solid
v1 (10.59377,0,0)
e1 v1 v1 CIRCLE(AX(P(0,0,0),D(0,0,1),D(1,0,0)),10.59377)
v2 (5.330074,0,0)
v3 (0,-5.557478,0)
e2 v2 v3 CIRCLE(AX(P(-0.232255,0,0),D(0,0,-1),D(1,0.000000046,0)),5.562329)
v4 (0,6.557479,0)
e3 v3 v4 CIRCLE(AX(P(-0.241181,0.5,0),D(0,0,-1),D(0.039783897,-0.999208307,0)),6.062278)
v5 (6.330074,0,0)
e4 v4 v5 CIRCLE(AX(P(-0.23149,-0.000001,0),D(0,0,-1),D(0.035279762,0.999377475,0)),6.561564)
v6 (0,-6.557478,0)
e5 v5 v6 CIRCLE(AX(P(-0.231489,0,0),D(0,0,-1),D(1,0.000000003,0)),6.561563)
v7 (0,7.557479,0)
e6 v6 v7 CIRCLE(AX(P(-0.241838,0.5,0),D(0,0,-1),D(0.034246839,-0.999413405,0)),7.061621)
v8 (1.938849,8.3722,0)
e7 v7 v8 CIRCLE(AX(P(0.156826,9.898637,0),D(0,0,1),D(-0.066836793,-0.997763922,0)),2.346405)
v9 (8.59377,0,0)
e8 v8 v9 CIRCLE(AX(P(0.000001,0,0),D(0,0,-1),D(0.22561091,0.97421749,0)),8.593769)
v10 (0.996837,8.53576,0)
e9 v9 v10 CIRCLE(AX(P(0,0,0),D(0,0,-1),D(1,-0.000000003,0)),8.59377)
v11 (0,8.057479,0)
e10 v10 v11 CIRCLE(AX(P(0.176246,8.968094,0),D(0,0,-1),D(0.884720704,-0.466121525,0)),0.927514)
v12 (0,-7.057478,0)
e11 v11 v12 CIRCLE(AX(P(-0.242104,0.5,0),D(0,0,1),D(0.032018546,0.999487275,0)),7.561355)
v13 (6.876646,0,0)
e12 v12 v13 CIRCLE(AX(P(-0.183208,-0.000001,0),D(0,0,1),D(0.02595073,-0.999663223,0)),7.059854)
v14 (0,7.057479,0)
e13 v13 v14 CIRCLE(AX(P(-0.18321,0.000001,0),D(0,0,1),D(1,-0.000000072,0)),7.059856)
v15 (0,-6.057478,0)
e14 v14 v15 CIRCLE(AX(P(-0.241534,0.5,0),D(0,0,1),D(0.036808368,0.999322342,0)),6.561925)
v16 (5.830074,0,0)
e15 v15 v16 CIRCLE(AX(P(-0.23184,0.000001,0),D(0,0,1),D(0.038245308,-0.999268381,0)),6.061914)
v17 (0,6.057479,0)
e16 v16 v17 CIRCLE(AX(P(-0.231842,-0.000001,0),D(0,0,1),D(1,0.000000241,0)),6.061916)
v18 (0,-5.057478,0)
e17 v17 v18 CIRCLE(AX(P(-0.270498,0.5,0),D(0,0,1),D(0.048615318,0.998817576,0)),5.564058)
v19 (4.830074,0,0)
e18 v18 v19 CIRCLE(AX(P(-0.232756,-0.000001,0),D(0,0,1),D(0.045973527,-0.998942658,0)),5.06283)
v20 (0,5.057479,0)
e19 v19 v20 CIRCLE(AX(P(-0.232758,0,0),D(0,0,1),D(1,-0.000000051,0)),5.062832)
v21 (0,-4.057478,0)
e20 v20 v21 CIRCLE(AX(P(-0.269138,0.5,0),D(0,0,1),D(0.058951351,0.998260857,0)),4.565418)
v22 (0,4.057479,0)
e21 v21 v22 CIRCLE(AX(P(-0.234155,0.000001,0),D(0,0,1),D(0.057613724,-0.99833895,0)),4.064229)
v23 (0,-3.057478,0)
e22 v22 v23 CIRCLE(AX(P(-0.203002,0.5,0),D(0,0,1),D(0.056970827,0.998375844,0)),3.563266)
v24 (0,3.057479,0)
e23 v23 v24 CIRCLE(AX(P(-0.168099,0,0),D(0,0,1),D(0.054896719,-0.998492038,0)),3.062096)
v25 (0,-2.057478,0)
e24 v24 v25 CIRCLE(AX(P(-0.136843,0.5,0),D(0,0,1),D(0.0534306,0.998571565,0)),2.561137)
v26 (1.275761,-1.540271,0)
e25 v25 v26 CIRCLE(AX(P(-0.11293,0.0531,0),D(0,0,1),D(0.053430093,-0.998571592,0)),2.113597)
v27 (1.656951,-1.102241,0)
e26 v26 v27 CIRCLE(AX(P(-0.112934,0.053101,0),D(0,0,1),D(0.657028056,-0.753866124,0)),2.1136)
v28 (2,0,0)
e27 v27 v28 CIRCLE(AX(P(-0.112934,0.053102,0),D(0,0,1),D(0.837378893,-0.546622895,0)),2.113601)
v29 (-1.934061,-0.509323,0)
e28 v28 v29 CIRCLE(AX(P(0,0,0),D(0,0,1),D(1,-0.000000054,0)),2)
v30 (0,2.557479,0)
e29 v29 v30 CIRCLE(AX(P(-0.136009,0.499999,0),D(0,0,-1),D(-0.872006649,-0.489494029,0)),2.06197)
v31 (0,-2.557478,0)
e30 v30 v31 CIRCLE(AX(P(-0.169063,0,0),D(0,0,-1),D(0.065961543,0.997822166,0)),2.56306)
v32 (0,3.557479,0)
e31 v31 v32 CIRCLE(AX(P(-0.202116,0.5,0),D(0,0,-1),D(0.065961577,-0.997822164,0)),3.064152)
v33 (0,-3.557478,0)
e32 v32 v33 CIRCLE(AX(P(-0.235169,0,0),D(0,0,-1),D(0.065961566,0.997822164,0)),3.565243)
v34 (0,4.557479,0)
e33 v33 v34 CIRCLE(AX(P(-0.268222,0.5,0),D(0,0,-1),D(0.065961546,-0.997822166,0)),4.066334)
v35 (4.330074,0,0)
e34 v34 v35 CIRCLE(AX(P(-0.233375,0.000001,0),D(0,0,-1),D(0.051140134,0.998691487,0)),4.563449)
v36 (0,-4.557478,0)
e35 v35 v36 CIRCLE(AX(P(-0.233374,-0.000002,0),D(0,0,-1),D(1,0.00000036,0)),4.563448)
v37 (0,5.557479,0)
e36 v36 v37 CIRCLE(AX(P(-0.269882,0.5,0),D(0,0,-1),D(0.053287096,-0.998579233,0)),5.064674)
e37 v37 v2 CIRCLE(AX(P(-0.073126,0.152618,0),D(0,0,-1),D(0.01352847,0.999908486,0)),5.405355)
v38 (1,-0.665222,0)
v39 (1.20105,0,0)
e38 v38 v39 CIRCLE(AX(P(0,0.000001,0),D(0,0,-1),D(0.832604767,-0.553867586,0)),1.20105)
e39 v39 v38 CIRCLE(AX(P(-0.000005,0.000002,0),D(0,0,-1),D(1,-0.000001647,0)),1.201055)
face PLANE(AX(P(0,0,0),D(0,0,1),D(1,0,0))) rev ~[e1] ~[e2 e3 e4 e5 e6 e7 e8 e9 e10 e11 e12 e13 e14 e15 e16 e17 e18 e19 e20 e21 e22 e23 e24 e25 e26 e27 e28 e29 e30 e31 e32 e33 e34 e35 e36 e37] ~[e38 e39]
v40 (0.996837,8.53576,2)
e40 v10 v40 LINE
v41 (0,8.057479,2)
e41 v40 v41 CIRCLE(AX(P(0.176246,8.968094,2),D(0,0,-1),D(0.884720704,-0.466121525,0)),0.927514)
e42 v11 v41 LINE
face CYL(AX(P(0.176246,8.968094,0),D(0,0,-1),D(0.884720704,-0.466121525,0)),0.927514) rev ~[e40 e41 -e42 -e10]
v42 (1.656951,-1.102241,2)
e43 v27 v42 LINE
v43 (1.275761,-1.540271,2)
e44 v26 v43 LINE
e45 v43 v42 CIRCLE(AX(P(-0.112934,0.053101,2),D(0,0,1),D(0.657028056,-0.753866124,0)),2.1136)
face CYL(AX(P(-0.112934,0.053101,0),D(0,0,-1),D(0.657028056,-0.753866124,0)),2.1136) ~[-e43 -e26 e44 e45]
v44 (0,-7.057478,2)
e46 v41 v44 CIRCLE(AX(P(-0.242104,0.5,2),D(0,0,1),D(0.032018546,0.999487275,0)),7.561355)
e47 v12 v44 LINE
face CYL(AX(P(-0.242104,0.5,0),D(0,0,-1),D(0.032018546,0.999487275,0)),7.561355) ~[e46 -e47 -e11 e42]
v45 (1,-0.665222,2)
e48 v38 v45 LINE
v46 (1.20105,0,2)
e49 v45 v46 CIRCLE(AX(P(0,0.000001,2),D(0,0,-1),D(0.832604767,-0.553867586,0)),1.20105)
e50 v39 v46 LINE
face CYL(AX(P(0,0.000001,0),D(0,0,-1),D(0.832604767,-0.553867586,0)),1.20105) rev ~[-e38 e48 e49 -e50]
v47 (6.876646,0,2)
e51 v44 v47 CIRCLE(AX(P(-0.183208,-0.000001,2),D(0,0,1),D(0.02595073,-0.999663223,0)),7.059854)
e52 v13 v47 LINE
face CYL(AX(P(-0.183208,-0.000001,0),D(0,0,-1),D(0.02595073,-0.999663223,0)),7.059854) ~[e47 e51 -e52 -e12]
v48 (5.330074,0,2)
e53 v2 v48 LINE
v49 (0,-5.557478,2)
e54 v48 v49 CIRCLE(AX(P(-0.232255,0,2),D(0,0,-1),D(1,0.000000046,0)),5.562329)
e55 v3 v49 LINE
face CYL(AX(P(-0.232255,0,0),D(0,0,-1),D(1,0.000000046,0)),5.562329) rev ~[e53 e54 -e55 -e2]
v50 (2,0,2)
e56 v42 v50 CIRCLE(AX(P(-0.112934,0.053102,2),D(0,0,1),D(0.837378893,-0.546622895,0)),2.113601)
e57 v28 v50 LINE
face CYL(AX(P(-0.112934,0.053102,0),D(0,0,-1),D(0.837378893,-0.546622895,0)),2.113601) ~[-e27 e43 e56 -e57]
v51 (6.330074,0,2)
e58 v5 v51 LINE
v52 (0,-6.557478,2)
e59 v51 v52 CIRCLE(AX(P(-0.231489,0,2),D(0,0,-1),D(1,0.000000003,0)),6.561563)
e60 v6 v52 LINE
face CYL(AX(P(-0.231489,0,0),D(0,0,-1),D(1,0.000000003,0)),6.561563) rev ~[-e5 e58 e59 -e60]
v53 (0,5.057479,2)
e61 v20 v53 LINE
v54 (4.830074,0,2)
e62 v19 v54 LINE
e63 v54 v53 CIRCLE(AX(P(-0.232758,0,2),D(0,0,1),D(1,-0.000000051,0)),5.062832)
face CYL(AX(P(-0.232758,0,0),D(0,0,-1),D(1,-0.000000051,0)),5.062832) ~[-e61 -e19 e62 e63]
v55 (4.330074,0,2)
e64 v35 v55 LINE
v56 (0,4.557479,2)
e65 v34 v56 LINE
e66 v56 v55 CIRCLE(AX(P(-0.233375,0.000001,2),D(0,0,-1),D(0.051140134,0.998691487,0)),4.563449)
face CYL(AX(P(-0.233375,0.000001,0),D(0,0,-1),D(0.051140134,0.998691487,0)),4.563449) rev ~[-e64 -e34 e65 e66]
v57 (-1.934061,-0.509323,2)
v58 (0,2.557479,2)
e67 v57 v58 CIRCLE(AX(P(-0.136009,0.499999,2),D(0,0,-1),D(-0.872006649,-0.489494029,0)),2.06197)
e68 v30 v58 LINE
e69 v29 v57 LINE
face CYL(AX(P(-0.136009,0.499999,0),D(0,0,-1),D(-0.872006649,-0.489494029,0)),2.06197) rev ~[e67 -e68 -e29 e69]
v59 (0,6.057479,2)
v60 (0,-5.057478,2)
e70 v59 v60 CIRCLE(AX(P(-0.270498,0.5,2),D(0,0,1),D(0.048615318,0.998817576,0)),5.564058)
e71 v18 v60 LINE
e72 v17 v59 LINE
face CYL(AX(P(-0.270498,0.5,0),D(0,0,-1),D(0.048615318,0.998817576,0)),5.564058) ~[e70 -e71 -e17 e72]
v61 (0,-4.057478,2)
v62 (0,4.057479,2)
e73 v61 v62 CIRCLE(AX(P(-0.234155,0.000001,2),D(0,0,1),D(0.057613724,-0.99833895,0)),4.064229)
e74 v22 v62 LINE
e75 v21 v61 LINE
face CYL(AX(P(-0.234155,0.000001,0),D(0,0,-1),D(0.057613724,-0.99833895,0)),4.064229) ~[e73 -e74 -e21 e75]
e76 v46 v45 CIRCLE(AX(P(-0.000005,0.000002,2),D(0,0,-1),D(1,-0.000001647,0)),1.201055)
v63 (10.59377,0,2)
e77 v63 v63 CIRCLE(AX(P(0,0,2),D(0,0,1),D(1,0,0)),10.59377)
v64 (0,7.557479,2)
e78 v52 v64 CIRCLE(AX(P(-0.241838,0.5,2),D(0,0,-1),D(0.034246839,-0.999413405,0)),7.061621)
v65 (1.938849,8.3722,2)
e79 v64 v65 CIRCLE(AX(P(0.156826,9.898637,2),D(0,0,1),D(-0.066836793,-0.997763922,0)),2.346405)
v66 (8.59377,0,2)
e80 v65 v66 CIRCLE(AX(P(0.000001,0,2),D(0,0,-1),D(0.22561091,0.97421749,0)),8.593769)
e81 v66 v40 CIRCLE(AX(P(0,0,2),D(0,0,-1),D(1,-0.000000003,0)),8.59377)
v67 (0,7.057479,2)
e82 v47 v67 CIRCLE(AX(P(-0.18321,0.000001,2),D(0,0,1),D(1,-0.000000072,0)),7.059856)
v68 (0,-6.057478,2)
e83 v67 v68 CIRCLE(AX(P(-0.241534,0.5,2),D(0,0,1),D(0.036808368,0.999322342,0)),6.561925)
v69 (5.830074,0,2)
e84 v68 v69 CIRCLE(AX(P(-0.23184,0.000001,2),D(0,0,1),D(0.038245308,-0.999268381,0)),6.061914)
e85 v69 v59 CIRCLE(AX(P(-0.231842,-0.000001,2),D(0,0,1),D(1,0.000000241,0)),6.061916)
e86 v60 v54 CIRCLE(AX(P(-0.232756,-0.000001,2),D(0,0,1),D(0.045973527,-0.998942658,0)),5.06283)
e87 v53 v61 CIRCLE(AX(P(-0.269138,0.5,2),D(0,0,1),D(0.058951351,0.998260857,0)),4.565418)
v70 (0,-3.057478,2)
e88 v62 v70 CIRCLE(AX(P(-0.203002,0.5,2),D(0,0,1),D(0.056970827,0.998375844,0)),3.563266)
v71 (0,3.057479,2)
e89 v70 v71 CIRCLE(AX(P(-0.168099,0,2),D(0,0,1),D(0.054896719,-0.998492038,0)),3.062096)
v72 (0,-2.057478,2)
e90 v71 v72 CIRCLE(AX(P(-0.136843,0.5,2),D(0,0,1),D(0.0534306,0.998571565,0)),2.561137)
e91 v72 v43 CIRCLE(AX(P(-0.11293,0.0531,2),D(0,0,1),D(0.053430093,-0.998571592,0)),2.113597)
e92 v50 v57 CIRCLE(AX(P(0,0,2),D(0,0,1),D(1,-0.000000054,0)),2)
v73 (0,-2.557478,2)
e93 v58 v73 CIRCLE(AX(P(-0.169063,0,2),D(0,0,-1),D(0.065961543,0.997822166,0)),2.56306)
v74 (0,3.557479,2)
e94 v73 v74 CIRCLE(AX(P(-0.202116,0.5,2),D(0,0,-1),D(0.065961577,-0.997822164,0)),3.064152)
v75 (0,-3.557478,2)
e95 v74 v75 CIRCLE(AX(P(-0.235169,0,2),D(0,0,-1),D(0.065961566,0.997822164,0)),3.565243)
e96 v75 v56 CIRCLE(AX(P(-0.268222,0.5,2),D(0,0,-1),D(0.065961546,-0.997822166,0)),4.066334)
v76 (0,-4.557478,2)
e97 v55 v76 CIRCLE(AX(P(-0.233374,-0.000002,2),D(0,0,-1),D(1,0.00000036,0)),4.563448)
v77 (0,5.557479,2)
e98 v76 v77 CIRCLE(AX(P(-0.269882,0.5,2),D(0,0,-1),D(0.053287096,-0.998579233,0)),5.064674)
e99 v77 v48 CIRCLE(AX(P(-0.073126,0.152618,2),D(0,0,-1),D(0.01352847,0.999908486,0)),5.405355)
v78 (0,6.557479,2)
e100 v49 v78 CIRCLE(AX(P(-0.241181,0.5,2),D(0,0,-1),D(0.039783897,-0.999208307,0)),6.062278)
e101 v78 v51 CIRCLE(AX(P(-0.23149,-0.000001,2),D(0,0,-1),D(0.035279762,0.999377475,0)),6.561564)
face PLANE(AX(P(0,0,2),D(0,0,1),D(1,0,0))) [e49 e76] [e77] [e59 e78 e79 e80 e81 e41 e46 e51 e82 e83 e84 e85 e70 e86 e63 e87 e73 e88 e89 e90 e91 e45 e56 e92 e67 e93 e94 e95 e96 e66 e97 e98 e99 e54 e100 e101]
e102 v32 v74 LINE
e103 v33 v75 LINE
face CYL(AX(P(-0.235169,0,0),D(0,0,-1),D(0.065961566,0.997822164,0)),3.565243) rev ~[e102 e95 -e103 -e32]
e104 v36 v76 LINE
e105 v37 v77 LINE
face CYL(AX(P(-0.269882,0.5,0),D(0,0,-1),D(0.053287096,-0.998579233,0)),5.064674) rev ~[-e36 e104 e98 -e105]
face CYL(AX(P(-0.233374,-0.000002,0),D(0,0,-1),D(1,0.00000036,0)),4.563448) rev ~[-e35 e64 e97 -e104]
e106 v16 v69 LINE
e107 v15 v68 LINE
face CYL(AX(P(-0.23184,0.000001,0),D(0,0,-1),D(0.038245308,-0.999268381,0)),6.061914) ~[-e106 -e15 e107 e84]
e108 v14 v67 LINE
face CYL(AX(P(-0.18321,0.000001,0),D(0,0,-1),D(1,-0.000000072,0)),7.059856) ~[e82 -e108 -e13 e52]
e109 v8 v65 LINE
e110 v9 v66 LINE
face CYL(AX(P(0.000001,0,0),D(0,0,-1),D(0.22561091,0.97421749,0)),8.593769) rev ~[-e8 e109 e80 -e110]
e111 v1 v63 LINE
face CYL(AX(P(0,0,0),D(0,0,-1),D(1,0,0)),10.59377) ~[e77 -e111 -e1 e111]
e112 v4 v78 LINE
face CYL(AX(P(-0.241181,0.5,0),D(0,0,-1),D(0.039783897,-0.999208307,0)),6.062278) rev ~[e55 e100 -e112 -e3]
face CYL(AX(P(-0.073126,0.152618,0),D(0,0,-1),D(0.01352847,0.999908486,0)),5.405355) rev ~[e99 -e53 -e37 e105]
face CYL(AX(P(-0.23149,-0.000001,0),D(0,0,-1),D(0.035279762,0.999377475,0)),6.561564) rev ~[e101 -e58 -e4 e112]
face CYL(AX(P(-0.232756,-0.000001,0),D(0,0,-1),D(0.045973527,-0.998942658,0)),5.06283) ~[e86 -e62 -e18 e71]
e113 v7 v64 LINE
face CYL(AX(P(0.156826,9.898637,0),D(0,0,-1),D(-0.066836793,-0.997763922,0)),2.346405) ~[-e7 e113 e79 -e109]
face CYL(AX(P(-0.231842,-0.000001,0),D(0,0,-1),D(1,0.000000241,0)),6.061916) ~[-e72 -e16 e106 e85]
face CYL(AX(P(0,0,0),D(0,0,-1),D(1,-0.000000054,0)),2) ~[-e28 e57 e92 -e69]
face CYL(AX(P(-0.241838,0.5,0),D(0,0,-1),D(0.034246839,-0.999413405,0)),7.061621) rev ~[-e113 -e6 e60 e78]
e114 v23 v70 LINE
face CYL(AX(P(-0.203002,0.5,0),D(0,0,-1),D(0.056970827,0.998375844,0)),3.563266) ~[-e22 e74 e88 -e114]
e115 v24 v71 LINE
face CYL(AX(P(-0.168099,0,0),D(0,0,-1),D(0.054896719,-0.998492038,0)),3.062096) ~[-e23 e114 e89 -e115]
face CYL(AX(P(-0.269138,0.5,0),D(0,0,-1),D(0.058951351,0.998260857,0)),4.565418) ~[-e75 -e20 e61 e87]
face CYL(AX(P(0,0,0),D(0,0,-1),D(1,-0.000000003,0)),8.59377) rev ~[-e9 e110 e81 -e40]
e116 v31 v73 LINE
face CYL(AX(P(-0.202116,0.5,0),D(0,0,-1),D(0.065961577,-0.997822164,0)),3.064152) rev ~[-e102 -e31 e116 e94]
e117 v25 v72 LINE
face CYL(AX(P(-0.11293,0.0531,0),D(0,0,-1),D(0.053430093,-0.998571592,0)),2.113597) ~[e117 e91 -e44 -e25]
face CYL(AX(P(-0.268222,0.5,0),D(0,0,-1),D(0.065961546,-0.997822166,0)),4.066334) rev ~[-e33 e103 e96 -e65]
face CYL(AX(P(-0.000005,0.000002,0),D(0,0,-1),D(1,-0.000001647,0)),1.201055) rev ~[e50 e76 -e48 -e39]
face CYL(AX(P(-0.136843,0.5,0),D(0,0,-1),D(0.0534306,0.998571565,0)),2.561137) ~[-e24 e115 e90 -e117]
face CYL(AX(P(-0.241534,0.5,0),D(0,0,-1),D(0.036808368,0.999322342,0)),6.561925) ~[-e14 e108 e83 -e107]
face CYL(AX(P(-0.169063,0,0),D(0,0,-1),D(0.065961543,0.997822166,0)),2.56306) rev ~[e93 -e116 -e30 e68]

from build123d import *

# Parameters (mm, degrees)
F0_R     = 10.59377
F1_DEPTH = 2


with BuildPart() as f1:
    # F0 (on Top) → F1 (new body)
    with BuildSketch(Plane.XY):
        Circle(F0_R)
        with BuildLine():
            ThreePointArc((0.996837, 8.53576), (1.47012, 8.467091), (1.938849, 8.3722))
            ThreePointArc((1.938849, 8.3722), (6.727366, 5.347469), (8.59377, 0))
            ThreePointArc((8.59377, 0), (-6.419481, -5.713418), (0.996837, 8.53576))
        make_face(mode=Mode.SUBTRACT)
        with BuildLine():
            Line((0, 8.057479), (0, 7.557479))
            ThreePointArc((0, 7.557479), (1.065814, 7.735455), (1.938849, 8.3722))
            ThreePointArc((1.938849, 8.3722), (1.47012, 8.467091), (0.996837, 8.53576))
            ThreePointArc((0.996837, 8.53576), (0.577473, 8.131853), (0, 8.057479))
        make_face()
        with BuildLine():
            Line((0, -7.057478), (0, -6.557478))
            ThreePointArc((0, -6.557478), (-7.303459, 0.5), (0, 7.557479))
            Line((0, 7.557479), (0, 8.057479))
            ThreePointArc((0, 8.057479), (-7.803459, 0.5), (0, -7.057478))
        make_face()
        with BuildLine():
            ThreePointArc((-1.934061, -0.509323), (-1.880118, 1.599911), (0, 2.557479))
            Line((0, 2.557479), (0, 3.057479))
            ThreePointArc((0, 3.057479), (-2.69798, 0.5), (0, -2.057478))
            ThreePointArc((0, -2.057478), (0.681168, -1.90565), (1.275761, -1.540271))
            ThreePointArc((1.275761, -1.540271), (1.48147, -1.334409), (1.656951, -1.102241))
            ThreePointArc((1.656951, -1.102241), (1.905185, -0.574995), (2, 0))
            ThreePointArc((2, 0), (-0.256787, 1.983447), (-1.934061, -0.509323))
        make_face()
        with BuildLine():
            ThreePointArc((1.20105, 0), (1.149689, -0.34747), (1, -0.665222))
            ThreePointArc((1, -0.665222), (-1.149689, 0.34747), (1.20105, 0))
        make_face(mode=Mode.SUBTRACT)
        with BuildLine():
            ThreePointArc((0, 2.557479), (2.393997, 0), (0, -2.557478))
            Line((0, -2.557478), (0, -3.057478))
            ThreePointArc((0, -3.057478), (2.893997, 0), (0, 3.057479))
            Line((0, 3.057479), (0, 2.557479))
        make_face()
        with BuildLine():
            ThreePointArc((0, 3.557479), (3.330074, 0), (0, -3.557478))
            Line((0, -3.557478), (0, -4.057478))
            ThreePointArc((0, -4.057478), (3.830074, 0), (0, 4.057479))
            Line((0, 4.057479), (0, 3.557479))
        make_face()
        with BuildLine():
            Line((0, -4.057478), (0, -3.557478))
            ThreePointArc((0, -3.557478), (-4.334556, 0.5), (0, 4.557479))
            Line((0, 4.557479), (0, 5.057479))
            ThreePointArc((0, 5.057479), (-4.834556, 0.5), (0, -4.057478))
        make_face()
        with BuildLine():
            ThreePointArc((0, -2.557478), (-3.266268, 0.5), (0, 3.557479))
            Line((0, 3.557479), (0, 4.057479))
            ThreePointArc((0, 4.057479), (-3.766268, 0.5), (0, -3.057478))
            Line((0, -3.057478), (0, -2.557478))
        make_face()
        with BuildLine():
            Line((0, 5.057479), (0, 4.557479))
            ThreePointArc((0, 4.557479), (3.074953, 3.143253), (4.330074, 0))
            Line((4.330074, 0), (4.830074, 0))
            ThreePointArc((4.830074, 0), (3.428573, 3.496702), (0, 5.057479))
        make_face()
        with BuildLine():
            Line((4.830074, 0), (4.330074, 0))
            ThreePointArc((4.330074, 0), (3.074953, -3.143253), (0, -4.557478))
            Line((0, -4.557478), (0, -5.057478))
            ThreePointArc((0, -5.057478), (3.428573, -3.496702), (4.830074, 0))
        make_face()
        with BuildLine():
            Line((0, -5.057478), (0, -4.557478))
            ThreePointArc((0, -4.557478), (-5.334556, 0.5), (0, 5.557479))
            Line((0, 5.557479), (0, 6.057479))
            ThreePointArc((0, 6.057479), (-5.834556, 0.5), (0, -5.057478))
        make_face()
        with BuildLine():
            Line((0, 6.057479), (0, 5.557479))
            ThreePointArc((0, 5.557479), (3.828019, 3.894133), (5.330074, 0))
            Line((5.330074, 0), (5.830074, 0))
            ThreePointArc((5.830074, 0), (4.135779, 4.203653), (0, 6.057479))
        make_face()
        with BuildLine():
            Line((5.830074, 0), (5.330074, 0))
            ThreePointArc((5.330074, 0), (3.78218, -3.850171), (0, -5.557478))
            Line((0, -5.557478), (0, -6.057478))
            ThreePointArc((0, -6.057478), (4.135779, -4.203653), (5.830074, 0))
        make_face()
        with BuildLine():
            Line((0, -6.057478), (0, -5.557478))
            ThreePointArc((0, -5.557478), (-6.303459, 0.5), (0, 6.557479))
            Line((0, 6.557479), (0, 7.057479))
            ThreePointArc((0, 7.057479), (-6.803459, 0.5), (0, -6.057478))
        make_face()
        with BuildLine():
            Line((0, 7.057479), (0, 6.557479))
            ThreePointArc((0, 6.557479), (4.489371, 4.557147), (6.330074, 0))
            Line((6.330074, 0), (6.876646, 0))
            ThreePointArc((6.876646, 0), (4.873222, 4.926872), (0, 7.057479))
        make_face()
        with BuildLine():
            Line((6.876646, 0), (6.330074, 0))
            ThreePointArc((6.330074, 0), (4.489371, -4.557147), (0, -6.557478))
            Line((0, -6.557478), (0, -7.057478))
            ThreePointArc((0, -7.057478), (4.873222, -4.926872), (6.876646, 0))
        make_face()
    extrude(amount=F1_DEPTH)


solid = f1.part
